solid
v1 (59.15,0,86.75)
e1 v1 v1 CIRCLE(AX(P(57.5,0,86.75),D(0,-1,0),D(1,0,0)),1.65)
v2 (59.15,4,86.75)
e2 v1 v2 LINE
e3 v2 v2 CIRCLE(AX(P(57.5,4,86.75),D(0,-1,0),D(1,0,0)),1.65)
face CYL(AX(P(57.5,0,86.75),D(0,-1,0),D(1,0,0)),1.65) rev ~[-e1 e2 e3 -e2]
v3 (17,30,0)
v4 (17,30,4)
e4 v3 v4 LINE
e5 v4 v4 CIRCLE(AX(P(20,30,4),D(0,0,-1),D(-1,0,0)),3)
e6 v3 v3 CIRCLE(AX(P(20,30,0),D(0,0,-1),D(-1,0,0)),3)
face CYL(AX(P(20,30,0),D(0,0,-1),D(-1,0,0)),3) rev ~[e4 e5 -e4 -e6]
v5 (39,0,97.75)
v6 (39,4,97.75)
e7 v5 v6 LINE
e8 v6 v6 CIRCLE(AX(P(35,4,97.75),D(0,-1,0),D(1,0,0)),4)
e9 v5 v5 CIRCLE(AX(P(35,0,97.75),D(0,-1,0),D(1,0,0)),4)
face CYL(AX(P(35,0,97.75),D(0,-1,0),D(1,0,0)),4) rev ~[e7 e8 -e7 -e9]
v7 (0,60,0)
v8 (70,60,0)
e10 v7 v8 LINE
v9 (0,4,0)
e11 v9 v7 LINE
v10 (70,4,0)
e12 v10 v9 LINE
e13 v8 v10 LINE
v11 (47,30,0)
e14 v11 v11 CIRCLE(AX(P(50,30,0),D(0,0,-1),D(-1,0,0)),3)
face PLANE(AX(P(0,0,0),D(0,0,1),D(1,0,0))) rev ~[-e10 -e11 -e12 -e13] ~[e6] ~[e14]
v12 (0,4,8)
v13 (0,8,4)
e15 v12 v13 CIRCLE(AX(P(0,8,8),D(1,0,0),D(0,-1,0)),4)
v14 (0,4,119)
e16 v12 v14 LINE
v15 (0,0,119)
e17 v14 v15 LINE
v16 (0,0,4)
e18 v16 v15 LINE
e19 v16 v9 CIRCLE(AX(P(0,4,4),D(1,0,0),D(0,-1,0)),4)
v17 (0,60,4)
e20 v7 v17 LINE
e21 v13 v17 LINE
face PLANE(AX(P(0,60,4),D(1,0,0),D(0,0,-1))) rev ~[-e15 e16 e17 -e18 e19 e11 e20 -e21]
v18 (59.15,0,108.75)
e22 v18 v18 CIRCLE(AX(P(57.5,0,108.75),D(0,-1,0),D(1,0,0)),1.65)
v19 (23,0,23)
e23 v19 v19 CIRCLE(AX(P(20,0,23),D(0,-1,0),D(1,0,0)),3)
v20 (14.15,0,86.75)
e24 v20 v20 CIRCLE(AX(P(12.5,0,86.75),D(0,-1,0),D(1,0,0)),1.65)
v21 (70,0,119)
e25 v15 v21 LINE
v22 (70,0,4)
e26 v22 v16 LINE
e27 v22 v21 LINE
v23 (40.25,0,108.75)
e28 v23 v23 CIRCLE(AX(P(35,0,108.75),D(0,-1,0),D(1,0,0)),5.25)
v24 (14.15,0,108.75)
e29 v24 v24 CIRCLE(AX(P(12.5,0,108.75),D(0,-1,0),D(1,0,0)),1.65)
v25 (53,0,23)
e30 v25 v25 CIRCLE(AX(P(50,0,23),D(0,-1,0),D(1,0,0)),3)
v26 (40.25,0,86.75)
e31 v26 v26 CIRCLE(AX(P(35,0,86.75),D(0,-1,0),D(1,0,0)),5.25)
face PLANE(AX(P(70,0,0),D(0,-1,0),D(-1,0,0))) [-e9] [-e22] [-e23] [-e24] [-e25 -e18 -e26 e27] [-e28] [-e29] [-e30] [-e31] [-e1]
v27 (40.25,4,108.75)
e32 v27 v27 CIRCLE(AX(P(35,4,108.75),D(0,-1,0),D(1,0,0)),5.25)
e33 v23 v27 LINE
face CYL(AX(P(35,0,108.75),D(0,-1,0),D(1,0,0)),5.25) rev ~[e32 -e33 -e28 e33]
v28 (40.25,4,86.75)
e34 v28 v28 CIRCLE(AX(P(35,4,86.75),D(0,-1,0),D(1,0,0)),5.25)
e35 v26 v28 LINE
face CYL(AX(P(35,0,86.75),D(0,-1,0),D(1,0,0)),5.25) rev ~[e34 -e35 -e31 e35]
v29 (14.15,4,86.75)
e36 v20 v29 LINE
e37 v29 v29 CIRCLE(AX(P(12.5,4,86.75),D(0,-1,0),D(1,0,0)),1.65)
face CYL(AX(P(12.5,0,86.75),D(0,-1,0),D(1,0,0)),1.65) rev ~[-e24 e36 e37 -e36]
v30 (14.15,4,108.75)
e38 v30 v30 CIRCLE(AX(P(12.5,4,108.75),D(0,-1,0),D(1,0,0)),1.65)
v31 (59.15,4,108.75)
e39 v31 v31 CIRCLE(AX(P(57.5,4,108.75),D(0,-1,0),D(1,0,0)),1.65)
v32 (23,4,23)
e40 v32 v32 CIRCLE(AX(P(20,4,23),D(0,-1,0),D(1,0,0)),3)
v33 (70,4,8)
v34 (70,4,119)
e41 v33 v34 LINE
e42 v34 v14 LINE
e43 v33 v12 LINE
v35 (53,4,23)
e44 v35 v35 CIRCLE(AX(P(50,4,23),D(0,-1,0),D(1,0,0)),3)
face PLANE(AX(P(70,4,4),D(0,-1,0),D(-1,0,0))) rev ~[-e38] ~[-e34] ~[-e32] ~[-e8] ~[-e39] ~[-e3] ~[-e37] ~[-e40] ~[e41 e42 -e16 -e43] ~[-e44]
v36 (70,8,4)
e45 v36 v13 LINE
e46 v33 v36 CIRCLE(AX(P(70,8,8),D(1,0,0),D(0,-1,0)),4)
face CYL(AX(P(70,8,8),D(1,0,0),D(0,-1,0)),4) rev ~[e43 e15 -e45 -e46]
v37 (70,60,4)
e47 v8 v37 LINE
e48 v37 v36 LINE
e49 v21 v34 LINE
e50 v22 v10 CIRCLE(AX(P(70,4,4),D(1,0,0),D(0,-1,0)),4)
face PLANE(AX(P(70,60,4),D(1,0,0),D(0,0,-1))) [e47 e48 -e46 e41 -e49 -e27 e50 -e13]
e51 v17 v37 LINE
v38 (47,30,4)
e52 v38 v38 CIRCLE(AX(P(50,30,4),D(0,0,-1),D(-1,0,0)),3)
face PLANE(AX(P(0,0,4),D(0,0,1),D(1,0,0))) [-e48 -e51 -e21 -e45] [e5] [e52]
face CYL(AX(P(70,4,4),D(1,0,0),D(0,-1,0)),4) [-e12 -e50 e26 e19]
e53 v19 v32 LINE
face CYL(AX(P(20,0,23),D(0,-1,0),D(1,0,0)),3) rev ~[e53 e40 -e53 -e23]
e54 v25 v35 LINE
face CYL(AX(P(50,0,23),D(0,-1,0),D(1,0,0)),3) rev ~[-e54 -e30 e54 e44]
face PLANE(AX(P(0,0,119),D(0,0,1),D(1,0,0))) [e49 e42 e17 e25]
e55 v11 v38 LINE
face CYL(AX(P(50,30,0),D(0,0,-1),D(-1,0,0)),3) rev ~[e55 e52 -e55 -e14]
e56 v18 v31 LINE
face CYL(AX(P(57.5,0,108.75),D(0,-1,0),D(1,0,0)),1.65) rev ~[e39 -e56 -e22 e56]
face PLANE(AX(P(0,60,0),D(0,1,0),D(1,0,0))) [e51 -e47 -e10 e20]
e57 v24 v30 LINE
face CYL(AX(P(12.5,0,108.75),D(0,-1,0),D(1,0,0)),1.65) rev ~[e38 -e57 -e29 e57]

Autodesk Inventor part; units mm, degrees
ref_plane "YZ Plane" through (0, 0, 0) normal (1, 0, 0) x (0, 1, 0)
ref_plane "XZ Plane" through (0, 0, 0) normal (0, 1, 0) x (-1, 0, 0)
ref_plane "XY Plane" through (0, 0, 0) normal (0, 0, 1) x (1, 0, 0)
sketch "Sketch1" plane through (0, 0, 0) normal (0, 0, 1) x (1, 0, 0)
  line L0 (0, 0) -> (0, 60)
  line L1 (0, 60) -> (70, 60)
  line L2 (70, 60) -> (70, 0)
  line L3 (70, 0) -> (0, 0)
  dimension "d0" = 60
  dimension "d1" = 70
  dimension "d2" = 60
extrude "Extrusion1" add sketch "Sketch1" along normal blind 4
sketch "Sketch2" plane through (0, 0, 4) normal (0, 0, 1) x (1, 0, 0)
  line L0 (0, 0) -> (70, 0) projected
  line L1 (70, 0) -> (70, 60) projected
  line L2 (0, 0) -> (70, 0)
  line L3 (70, 0) -> (70, 4)
  line L4 (70, 4) -> (0, 4)
  line L5 (0, 4) -> (0, 0)
  dimension "d5" = 4
extrude "Extrusion2" add sketch "Sketch2" along normal blind 115
sketch "Sketch3" plane through (0, 0, 0) normal (0, 0, -1) x (-1, 0, 0)
  line L0 (-70, 60) -> (-70, 0) projected
  circle A0 centre (-50, 30) radius 3
  circle A1 centre (-20, 30) radius 3
  dimension "d15" = 6
  dimension "d16" = 6
extrude "Extrusion3" cut sketch "Sketch3" against normal blind 10
sketch "Sketch4" plane through (0, 0, 0) normal (0, -1, 0) x (1, 0, 0)
  line L0 (70, 0) -> (70, 119) projected
  line L1 (23, 0) -> (17, 0) projected
  line L2 (17, 0) -> (23, 0)
  circle A0 centre (50, 23) radius 3
  circle A1 centre (20, 23) radius 3
  dimension "d26" = 6
  dimension "d27" = 6
extrude "Extrusion4" cut sketch "Sketch4" against normal blind 10
sketch "Sketch5" plane through (0, 0, 0) normal (0, -1, 0) x (1, 0, 0)
  line L0 (70, 4) -> (70, 119) projected
  circle A0 centre (50, 23) radius 3 projected
  circle A1 centre (35, 108.75) radius 5.25
  circle A2 centre (35, 86.75) radius 5.25
  circle A3 centre (35, 97.75) radius 4
  circle A4 centre (55.25, 86.75) radius 2
  circle A5 centre (55.25, 108.75) radius 2
  circle A6 centre (14.75, 86.75) radius 2
  circle A7 centre (14.75, 108.75) radius 2
  point P0 (0, 0)
  point P1 (20, 23)
  dimension "d36" = 8
  dimension "d41" = 4
  dimension "d42" = 4
  dimension "d43" = 4
  dimension "d44" = 4
extrude "Extrusion5" cut sketch "Sketch5" against normal blind 10 contours A1 | A2 | A3 | A4 | A5 | A6 | A7
sketch "Sketch6" plane through (70, 0, 0) normal (1, 0, 0) x (0, 0, -1)
  line L0 (0, 0) -> (-119, 0) projected
  line L1 (0, 4) -> (0, 4)
  line L2 (-4, 4) -> (-119, 4) projected
  line L3 (0, 60) -> (0, 0) projected
  line L4 (-4, 0) -> (-4, 0)
  arc A0 (-4, 0) -> (0, 4) centre (-4, 4) ccw
  line L5 (0, 4) -> (0, 0)
  line L6 (-4, 0) -> (0, 0)
  dimension "d47" = 4
  dimension "d48" = 4
  dimension "d49" = 4
extrude "Extrusion6" cut sketch "Sketch6" against normal blind 100
sketch "Sketch7" plane through (70, 60, 4) normal (1, 0, 0) x (0, 0, -1)
  line L0 (0, -56) -> (0, 0) projected
  line L1 (0, -52) -> (0, -52)
  line L2 (-4, -56) -> (-4, -56)
  arc A0 (-4, -56) -> (0, -52) centre (-4, -52) ccw
  line L3 (0, -52) -> (0, -56)
  line L4 (0, -56) -> (-115, -56) projected
  line L5 (-4, -56) -> (0, -56)
  point P0 (4, -60)
  dimension "d52" = 4
  dimension "d53" = 4
  dimension "d54" = 4
extrude "Extrusion7" add sketch "Sketch7" against normal blind 70
sketch "Sketch8" plane through (0, 0, 119) normal (0, -1, 0) x (1, 0, 0)
  circle A0 centre (35, -10.25) radius 5.25 projected
  circle A1 centre (55.25, -32.25) radius 2 projected
  circle A2 centre (55.25, -32.25) radius 2
  circle A3 centre (55.25, -10.25) radius 2 projected
  circle A4 centre (55.25, -10.25) radius 2
  circle A5 centre (14.75, -10.25) radius 2 projected
  circle A6 centre (14.75, -10.25) radius 2
  circle A7 centre (14.75, -32.25) radius 2 projected
  circle A8 centre (14.75, -32.25) radius 2
  point P0 (0, -119)
extrude "Extrusion8" add sketch "Sketch8" against normal blind 4 contours A1 | A3 | A5 | A7
sketch "Sketch9" plane through (0, 0, 119) normal (0, -1, 0) x (1, 0, 0)
  circle A0 centre (35, -10.25) radius 5.25 projected
  circle A1 centre (57.5, -10.25) radius 1.65
  circle A2 centre (12.5, -10.25) radius 1.65
  circle A3 centre (57.5, -32.25) radius 1.65
  circle A4 centre (12.5, -32.25) radius 1.65
  point P0 (0, -119)
  dimension "d62" = 3.3
  dimension "d63" = 3.3
  dimension "d66" = 3.3
  dimension "d67" = 3.3
extrude "Extrusion9" cut sketch "Sketch9" against normal blind 4 contours A1 | A2 | A3 | A4
